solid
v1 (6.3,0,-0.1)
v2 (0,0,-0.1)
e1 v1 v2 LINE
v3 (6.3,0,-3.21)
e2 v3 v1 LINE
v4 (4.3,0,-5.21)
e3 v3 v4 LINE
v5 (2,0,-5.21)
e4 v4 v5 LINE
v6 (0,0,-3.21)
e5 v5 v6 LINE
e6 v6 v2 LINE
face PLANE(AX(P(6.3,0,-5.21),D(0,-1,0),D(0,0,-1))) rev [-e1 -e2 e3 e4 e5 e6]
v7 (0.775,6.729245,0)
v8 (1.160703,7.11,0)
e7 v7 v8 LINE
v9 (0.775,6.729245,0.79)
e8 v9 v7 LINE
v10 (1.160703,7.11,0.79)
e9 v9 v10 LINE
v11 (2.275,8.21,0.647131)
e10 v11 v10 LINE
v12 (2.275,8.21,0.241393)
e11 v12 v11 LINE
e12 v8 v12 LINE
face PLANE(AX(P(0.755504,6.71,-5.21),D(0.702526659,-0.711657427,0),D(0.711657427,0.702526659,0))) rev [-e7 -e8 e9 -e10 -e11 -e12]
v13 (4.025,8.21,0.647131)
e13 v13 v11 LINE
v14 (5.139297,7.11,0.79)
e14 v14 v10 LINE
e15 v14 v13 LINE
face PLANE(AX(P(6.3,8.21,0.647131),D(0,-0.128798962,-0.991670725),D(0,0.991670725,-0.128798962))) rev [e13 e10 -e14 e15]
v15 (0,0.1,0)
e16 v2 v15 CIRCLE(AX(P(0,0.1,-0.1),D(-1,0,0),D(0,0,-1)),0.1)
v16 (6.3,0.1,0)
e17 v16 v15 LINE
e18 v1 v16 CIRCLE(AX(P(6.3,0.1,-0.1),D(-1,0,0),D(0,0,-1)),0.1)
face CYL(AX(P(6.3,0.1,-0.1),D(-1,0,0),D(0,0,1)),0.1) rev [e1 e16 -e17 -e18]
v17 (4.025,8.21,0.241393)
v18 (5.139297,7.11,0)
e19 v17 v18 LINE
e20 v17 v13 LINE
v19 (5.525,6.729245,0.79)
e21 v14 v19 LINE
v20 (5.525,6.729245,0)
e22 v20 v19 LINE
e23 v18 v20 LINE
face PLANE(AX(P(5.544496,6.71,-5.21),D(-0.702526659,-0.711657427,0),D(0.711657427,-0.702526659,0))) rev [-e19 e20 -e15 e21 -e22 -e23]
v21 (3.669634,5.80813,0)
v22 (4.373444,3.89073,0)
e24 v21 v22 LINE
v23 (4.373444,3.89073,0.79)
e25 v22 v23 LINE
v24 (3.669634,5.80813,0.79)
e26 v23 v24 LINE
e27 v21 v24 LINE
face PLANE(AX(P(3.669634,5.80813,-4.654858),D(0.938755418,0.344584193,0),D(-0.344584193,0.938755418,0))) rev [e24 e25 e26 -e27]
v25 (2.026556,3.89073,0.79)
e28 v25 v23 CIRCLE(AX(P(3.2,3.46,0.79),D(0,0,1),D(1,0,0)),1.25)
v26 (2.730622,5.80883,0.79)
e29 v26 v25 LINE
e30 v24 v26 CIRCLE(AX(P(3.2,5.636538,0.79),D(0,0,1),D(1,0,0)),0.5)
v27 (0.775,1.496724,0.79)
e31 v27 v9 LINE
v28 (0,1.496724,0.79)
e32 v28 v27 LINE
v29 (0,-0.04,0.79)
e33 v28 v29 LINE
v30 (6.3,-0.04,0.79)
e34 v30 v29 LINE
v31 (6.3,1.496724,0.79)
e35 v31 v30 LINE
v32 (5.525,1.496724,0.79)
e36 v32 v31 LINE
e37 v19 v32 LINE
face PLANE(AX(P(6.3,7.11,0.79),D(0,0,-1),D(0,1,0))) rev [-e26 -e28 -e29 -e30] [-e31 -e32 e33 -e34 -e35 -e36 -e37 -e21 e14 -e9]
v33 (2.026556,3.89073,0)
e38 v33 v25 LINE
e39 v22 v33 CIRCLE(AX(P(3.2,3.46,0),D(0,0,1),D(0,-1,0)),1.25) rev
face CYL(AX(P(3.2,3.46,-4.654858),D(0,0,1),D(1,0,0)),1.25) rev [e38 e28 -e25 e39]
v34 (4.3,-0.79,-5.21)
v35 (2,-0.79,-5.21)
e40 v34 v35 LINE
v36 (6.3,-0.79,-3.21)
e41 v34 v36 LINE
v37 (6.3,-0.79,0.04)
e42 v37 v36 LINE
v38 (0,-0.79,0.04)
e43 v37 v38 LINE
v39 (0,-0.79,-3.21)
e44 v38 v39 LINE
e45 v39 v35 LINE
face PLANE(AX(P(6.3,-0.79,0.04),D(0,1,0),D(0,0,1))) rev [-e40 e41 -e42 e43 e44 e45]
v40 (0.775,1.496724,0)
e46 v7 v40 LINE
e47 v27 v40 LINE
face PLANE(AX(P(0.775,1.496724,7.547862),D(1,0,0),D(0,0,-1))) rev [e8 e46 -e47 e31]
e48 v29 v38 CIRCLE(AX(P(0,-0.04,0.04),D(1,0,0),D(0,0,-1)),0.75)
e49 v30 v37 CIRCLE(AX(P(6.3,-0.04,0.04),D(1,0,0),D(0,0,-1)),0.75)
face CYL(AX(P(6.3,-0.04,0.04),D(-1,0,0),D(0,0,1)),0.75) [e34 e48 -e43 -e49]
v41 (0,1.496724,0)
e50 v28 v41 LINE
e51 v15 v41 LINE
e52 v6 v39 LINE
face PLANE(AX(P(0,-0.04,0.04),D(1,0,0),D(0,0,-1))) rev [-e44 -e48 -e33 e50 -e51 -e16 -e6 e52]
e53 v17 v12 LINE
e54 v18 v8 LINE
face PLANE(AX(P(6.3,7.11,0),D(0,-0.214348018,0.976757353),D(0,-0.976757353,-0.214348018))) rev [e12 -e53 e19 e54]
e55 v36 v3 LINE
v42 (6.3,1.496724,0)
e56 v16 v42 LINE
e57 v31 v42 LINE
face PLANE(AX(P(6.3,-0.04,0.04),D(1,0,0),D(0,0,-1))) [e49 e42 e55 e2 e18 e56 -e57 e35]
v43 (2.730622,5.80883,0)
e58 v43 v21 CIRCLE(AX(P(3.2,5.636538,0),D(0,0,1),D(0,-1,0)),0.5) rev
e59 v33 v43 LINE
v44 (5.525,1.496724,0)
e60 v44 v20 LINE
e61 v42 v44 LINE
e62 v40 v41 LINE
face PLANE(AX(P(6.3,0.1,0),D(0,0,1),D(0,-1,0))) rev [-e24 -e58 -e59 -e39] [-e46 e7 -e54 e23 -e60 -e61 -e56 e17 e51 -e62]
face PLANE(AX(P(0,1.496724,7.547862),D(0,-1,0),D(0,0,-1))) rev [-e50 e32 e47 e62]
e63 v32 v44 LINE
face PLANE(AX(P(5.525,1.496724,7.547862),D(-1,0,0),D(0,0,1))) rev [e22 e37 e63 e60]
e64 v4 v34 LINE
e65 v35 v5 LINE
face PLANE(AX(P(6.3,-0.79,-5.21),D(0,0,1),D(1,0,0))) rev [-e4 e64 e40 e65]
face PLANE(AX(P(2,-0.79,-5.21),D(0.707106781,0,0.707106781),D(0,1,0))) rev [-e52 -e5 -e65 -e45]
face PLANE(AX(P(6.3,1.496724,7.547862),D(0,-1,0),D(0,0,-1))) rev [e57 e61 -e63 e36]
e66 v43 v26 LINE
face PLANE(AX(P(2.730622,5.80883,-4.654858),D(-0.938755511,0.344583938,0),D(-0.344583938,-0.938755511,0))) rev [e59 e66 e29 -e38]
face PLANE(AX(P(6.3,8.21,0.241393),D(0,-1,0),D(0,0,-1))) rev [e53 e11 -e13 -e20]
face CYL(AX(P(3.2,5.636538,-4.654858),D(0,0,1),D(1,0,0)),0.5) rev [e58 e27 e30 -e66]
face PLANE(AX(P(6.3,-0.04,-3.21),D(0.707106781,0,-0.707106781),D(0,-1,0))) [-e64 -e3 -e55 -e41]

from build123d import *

# Parameters (mm, degrees)
BOSS_EXTRUDE1_DEPTH     = 6.3
CHAMFER3_SIZE           = 2
CUT_EXTRUDE2_DEPTH      = 0.79
SKETCH6_W               = 0.775
SKETCH6_H               = 6.713276343
CUT_EXTRUDE4_DEPTH      = 0.79
CUT_EXTRUDE6_DEPTH      = 1.79
CUT_EXTRUDE6_DEPTH_BACK = 6.21


with BuildPart() as part:
    # Sketch1 → Boss-Extrude1 (new body)
    with BuildSketch(Plane(origin=(0, 0, 0), x_dir=(0, 0, -1), z_dir=(1, 0, 0))):
        with BuildLine():
            Line((0, 0.1), (0, 7.11))
            Line((0, 7.11), (-0.241393443, 8.21))
            Line((-0.241393443, 8.21), (-0.647131148, 8.21))
            Line((-0.647131148, 8.21), (-0.79, 7.11))
            Line((-0.79, 7.11), (-0.79, -0.04))
            ThreePointArc((-0.79, -0.04), (-0.570330086, -0.570330086), (-0.04, -0.79))
            Line((-0.04, -0.79), (5.21, -0.79))
            Line((5.21, -0.79), (5.21, 0))
            Line((5.21, 0), (0.1, 0))
            ThreePointArc((0.1, 0), (0.029289322, 0.029289322), (0, 0.1))
        make_face()
    extrude(amount=BOSS_EXTRUDE1_DEPTH)

    # Chamfer3
    chamfer3_edges = [part.edges().sort_by_distance(p)[0] for p in [
        (0, -0.395, -5.21),
        (6.3, -0.395, -5.21),
    ]]
    chamfer(chamfer3_edges, length=CHAMFER3_SIZE)

    # Sketch5 → Cut-Extrude2 (cut)
    with BuildSketch(Plane.XY.offset(0.79)):
        with BuildLine():
            Line((2.730622244, 5.808829869), (2.026555611, 3.890729922))
            ThreePointArc((2.026555611, 3.890729922), (3.20000017, 2.21), (4.373444272, 3.890730241))
            Line((4.373444272, 3.890730241), (3.669633952, 5.808130298))
            ThreePointArc((3.669633952, 5.808130298), (3.200372504, 6.136537762), (2.730622244, 5.808829869))
        make_face()
    extrude(amount=-CUT_EXTRUDE2_DEPTH, mode=Mode.SUBTRACT)

    # Sketch6 → Cut-Extrude4 (cut)
    with BuildSketch(Plane(origin=(0, 0, 0), x_dir=(-1, 0, 0), z_dir=(0, 0, -1))):
        with Locations((-5.9125, 4.853361829)):
            Rectangle(SKETCH6_W, SKETCH6_H)
        with Locations((-0.3875, 4.853361829)):
            Rectangle(SKETCH6_W, SKETCH6_H)
    extrude(amount=-CUT_EXTRUDE4_DEPTH, mode=Mode.SUBTRACT)

    # Sketch4 → Cut-Extrude6 (cut, two sides)
    with BuildSketch(Plane.XY) as cut_extrude6_sk:
        Polygon((2.275, 8.21), (0.775, 8.21), (0.755504439, 6.71), align=None)
        Polygon((5.544495561, 6.71), (4.025, 8.21), (5.525, 8.21), align=None)
    extrude(amount=CUT_EXTRUDE6_DEPTH, mode=Mode.SUBTRACT)
    extrude(cut_extrude6_sk.sketch, amount=-CUT_EXTRUDE6_DEPTH_BACK, mode=Mode.SUBTRACT)


solid = part.part
